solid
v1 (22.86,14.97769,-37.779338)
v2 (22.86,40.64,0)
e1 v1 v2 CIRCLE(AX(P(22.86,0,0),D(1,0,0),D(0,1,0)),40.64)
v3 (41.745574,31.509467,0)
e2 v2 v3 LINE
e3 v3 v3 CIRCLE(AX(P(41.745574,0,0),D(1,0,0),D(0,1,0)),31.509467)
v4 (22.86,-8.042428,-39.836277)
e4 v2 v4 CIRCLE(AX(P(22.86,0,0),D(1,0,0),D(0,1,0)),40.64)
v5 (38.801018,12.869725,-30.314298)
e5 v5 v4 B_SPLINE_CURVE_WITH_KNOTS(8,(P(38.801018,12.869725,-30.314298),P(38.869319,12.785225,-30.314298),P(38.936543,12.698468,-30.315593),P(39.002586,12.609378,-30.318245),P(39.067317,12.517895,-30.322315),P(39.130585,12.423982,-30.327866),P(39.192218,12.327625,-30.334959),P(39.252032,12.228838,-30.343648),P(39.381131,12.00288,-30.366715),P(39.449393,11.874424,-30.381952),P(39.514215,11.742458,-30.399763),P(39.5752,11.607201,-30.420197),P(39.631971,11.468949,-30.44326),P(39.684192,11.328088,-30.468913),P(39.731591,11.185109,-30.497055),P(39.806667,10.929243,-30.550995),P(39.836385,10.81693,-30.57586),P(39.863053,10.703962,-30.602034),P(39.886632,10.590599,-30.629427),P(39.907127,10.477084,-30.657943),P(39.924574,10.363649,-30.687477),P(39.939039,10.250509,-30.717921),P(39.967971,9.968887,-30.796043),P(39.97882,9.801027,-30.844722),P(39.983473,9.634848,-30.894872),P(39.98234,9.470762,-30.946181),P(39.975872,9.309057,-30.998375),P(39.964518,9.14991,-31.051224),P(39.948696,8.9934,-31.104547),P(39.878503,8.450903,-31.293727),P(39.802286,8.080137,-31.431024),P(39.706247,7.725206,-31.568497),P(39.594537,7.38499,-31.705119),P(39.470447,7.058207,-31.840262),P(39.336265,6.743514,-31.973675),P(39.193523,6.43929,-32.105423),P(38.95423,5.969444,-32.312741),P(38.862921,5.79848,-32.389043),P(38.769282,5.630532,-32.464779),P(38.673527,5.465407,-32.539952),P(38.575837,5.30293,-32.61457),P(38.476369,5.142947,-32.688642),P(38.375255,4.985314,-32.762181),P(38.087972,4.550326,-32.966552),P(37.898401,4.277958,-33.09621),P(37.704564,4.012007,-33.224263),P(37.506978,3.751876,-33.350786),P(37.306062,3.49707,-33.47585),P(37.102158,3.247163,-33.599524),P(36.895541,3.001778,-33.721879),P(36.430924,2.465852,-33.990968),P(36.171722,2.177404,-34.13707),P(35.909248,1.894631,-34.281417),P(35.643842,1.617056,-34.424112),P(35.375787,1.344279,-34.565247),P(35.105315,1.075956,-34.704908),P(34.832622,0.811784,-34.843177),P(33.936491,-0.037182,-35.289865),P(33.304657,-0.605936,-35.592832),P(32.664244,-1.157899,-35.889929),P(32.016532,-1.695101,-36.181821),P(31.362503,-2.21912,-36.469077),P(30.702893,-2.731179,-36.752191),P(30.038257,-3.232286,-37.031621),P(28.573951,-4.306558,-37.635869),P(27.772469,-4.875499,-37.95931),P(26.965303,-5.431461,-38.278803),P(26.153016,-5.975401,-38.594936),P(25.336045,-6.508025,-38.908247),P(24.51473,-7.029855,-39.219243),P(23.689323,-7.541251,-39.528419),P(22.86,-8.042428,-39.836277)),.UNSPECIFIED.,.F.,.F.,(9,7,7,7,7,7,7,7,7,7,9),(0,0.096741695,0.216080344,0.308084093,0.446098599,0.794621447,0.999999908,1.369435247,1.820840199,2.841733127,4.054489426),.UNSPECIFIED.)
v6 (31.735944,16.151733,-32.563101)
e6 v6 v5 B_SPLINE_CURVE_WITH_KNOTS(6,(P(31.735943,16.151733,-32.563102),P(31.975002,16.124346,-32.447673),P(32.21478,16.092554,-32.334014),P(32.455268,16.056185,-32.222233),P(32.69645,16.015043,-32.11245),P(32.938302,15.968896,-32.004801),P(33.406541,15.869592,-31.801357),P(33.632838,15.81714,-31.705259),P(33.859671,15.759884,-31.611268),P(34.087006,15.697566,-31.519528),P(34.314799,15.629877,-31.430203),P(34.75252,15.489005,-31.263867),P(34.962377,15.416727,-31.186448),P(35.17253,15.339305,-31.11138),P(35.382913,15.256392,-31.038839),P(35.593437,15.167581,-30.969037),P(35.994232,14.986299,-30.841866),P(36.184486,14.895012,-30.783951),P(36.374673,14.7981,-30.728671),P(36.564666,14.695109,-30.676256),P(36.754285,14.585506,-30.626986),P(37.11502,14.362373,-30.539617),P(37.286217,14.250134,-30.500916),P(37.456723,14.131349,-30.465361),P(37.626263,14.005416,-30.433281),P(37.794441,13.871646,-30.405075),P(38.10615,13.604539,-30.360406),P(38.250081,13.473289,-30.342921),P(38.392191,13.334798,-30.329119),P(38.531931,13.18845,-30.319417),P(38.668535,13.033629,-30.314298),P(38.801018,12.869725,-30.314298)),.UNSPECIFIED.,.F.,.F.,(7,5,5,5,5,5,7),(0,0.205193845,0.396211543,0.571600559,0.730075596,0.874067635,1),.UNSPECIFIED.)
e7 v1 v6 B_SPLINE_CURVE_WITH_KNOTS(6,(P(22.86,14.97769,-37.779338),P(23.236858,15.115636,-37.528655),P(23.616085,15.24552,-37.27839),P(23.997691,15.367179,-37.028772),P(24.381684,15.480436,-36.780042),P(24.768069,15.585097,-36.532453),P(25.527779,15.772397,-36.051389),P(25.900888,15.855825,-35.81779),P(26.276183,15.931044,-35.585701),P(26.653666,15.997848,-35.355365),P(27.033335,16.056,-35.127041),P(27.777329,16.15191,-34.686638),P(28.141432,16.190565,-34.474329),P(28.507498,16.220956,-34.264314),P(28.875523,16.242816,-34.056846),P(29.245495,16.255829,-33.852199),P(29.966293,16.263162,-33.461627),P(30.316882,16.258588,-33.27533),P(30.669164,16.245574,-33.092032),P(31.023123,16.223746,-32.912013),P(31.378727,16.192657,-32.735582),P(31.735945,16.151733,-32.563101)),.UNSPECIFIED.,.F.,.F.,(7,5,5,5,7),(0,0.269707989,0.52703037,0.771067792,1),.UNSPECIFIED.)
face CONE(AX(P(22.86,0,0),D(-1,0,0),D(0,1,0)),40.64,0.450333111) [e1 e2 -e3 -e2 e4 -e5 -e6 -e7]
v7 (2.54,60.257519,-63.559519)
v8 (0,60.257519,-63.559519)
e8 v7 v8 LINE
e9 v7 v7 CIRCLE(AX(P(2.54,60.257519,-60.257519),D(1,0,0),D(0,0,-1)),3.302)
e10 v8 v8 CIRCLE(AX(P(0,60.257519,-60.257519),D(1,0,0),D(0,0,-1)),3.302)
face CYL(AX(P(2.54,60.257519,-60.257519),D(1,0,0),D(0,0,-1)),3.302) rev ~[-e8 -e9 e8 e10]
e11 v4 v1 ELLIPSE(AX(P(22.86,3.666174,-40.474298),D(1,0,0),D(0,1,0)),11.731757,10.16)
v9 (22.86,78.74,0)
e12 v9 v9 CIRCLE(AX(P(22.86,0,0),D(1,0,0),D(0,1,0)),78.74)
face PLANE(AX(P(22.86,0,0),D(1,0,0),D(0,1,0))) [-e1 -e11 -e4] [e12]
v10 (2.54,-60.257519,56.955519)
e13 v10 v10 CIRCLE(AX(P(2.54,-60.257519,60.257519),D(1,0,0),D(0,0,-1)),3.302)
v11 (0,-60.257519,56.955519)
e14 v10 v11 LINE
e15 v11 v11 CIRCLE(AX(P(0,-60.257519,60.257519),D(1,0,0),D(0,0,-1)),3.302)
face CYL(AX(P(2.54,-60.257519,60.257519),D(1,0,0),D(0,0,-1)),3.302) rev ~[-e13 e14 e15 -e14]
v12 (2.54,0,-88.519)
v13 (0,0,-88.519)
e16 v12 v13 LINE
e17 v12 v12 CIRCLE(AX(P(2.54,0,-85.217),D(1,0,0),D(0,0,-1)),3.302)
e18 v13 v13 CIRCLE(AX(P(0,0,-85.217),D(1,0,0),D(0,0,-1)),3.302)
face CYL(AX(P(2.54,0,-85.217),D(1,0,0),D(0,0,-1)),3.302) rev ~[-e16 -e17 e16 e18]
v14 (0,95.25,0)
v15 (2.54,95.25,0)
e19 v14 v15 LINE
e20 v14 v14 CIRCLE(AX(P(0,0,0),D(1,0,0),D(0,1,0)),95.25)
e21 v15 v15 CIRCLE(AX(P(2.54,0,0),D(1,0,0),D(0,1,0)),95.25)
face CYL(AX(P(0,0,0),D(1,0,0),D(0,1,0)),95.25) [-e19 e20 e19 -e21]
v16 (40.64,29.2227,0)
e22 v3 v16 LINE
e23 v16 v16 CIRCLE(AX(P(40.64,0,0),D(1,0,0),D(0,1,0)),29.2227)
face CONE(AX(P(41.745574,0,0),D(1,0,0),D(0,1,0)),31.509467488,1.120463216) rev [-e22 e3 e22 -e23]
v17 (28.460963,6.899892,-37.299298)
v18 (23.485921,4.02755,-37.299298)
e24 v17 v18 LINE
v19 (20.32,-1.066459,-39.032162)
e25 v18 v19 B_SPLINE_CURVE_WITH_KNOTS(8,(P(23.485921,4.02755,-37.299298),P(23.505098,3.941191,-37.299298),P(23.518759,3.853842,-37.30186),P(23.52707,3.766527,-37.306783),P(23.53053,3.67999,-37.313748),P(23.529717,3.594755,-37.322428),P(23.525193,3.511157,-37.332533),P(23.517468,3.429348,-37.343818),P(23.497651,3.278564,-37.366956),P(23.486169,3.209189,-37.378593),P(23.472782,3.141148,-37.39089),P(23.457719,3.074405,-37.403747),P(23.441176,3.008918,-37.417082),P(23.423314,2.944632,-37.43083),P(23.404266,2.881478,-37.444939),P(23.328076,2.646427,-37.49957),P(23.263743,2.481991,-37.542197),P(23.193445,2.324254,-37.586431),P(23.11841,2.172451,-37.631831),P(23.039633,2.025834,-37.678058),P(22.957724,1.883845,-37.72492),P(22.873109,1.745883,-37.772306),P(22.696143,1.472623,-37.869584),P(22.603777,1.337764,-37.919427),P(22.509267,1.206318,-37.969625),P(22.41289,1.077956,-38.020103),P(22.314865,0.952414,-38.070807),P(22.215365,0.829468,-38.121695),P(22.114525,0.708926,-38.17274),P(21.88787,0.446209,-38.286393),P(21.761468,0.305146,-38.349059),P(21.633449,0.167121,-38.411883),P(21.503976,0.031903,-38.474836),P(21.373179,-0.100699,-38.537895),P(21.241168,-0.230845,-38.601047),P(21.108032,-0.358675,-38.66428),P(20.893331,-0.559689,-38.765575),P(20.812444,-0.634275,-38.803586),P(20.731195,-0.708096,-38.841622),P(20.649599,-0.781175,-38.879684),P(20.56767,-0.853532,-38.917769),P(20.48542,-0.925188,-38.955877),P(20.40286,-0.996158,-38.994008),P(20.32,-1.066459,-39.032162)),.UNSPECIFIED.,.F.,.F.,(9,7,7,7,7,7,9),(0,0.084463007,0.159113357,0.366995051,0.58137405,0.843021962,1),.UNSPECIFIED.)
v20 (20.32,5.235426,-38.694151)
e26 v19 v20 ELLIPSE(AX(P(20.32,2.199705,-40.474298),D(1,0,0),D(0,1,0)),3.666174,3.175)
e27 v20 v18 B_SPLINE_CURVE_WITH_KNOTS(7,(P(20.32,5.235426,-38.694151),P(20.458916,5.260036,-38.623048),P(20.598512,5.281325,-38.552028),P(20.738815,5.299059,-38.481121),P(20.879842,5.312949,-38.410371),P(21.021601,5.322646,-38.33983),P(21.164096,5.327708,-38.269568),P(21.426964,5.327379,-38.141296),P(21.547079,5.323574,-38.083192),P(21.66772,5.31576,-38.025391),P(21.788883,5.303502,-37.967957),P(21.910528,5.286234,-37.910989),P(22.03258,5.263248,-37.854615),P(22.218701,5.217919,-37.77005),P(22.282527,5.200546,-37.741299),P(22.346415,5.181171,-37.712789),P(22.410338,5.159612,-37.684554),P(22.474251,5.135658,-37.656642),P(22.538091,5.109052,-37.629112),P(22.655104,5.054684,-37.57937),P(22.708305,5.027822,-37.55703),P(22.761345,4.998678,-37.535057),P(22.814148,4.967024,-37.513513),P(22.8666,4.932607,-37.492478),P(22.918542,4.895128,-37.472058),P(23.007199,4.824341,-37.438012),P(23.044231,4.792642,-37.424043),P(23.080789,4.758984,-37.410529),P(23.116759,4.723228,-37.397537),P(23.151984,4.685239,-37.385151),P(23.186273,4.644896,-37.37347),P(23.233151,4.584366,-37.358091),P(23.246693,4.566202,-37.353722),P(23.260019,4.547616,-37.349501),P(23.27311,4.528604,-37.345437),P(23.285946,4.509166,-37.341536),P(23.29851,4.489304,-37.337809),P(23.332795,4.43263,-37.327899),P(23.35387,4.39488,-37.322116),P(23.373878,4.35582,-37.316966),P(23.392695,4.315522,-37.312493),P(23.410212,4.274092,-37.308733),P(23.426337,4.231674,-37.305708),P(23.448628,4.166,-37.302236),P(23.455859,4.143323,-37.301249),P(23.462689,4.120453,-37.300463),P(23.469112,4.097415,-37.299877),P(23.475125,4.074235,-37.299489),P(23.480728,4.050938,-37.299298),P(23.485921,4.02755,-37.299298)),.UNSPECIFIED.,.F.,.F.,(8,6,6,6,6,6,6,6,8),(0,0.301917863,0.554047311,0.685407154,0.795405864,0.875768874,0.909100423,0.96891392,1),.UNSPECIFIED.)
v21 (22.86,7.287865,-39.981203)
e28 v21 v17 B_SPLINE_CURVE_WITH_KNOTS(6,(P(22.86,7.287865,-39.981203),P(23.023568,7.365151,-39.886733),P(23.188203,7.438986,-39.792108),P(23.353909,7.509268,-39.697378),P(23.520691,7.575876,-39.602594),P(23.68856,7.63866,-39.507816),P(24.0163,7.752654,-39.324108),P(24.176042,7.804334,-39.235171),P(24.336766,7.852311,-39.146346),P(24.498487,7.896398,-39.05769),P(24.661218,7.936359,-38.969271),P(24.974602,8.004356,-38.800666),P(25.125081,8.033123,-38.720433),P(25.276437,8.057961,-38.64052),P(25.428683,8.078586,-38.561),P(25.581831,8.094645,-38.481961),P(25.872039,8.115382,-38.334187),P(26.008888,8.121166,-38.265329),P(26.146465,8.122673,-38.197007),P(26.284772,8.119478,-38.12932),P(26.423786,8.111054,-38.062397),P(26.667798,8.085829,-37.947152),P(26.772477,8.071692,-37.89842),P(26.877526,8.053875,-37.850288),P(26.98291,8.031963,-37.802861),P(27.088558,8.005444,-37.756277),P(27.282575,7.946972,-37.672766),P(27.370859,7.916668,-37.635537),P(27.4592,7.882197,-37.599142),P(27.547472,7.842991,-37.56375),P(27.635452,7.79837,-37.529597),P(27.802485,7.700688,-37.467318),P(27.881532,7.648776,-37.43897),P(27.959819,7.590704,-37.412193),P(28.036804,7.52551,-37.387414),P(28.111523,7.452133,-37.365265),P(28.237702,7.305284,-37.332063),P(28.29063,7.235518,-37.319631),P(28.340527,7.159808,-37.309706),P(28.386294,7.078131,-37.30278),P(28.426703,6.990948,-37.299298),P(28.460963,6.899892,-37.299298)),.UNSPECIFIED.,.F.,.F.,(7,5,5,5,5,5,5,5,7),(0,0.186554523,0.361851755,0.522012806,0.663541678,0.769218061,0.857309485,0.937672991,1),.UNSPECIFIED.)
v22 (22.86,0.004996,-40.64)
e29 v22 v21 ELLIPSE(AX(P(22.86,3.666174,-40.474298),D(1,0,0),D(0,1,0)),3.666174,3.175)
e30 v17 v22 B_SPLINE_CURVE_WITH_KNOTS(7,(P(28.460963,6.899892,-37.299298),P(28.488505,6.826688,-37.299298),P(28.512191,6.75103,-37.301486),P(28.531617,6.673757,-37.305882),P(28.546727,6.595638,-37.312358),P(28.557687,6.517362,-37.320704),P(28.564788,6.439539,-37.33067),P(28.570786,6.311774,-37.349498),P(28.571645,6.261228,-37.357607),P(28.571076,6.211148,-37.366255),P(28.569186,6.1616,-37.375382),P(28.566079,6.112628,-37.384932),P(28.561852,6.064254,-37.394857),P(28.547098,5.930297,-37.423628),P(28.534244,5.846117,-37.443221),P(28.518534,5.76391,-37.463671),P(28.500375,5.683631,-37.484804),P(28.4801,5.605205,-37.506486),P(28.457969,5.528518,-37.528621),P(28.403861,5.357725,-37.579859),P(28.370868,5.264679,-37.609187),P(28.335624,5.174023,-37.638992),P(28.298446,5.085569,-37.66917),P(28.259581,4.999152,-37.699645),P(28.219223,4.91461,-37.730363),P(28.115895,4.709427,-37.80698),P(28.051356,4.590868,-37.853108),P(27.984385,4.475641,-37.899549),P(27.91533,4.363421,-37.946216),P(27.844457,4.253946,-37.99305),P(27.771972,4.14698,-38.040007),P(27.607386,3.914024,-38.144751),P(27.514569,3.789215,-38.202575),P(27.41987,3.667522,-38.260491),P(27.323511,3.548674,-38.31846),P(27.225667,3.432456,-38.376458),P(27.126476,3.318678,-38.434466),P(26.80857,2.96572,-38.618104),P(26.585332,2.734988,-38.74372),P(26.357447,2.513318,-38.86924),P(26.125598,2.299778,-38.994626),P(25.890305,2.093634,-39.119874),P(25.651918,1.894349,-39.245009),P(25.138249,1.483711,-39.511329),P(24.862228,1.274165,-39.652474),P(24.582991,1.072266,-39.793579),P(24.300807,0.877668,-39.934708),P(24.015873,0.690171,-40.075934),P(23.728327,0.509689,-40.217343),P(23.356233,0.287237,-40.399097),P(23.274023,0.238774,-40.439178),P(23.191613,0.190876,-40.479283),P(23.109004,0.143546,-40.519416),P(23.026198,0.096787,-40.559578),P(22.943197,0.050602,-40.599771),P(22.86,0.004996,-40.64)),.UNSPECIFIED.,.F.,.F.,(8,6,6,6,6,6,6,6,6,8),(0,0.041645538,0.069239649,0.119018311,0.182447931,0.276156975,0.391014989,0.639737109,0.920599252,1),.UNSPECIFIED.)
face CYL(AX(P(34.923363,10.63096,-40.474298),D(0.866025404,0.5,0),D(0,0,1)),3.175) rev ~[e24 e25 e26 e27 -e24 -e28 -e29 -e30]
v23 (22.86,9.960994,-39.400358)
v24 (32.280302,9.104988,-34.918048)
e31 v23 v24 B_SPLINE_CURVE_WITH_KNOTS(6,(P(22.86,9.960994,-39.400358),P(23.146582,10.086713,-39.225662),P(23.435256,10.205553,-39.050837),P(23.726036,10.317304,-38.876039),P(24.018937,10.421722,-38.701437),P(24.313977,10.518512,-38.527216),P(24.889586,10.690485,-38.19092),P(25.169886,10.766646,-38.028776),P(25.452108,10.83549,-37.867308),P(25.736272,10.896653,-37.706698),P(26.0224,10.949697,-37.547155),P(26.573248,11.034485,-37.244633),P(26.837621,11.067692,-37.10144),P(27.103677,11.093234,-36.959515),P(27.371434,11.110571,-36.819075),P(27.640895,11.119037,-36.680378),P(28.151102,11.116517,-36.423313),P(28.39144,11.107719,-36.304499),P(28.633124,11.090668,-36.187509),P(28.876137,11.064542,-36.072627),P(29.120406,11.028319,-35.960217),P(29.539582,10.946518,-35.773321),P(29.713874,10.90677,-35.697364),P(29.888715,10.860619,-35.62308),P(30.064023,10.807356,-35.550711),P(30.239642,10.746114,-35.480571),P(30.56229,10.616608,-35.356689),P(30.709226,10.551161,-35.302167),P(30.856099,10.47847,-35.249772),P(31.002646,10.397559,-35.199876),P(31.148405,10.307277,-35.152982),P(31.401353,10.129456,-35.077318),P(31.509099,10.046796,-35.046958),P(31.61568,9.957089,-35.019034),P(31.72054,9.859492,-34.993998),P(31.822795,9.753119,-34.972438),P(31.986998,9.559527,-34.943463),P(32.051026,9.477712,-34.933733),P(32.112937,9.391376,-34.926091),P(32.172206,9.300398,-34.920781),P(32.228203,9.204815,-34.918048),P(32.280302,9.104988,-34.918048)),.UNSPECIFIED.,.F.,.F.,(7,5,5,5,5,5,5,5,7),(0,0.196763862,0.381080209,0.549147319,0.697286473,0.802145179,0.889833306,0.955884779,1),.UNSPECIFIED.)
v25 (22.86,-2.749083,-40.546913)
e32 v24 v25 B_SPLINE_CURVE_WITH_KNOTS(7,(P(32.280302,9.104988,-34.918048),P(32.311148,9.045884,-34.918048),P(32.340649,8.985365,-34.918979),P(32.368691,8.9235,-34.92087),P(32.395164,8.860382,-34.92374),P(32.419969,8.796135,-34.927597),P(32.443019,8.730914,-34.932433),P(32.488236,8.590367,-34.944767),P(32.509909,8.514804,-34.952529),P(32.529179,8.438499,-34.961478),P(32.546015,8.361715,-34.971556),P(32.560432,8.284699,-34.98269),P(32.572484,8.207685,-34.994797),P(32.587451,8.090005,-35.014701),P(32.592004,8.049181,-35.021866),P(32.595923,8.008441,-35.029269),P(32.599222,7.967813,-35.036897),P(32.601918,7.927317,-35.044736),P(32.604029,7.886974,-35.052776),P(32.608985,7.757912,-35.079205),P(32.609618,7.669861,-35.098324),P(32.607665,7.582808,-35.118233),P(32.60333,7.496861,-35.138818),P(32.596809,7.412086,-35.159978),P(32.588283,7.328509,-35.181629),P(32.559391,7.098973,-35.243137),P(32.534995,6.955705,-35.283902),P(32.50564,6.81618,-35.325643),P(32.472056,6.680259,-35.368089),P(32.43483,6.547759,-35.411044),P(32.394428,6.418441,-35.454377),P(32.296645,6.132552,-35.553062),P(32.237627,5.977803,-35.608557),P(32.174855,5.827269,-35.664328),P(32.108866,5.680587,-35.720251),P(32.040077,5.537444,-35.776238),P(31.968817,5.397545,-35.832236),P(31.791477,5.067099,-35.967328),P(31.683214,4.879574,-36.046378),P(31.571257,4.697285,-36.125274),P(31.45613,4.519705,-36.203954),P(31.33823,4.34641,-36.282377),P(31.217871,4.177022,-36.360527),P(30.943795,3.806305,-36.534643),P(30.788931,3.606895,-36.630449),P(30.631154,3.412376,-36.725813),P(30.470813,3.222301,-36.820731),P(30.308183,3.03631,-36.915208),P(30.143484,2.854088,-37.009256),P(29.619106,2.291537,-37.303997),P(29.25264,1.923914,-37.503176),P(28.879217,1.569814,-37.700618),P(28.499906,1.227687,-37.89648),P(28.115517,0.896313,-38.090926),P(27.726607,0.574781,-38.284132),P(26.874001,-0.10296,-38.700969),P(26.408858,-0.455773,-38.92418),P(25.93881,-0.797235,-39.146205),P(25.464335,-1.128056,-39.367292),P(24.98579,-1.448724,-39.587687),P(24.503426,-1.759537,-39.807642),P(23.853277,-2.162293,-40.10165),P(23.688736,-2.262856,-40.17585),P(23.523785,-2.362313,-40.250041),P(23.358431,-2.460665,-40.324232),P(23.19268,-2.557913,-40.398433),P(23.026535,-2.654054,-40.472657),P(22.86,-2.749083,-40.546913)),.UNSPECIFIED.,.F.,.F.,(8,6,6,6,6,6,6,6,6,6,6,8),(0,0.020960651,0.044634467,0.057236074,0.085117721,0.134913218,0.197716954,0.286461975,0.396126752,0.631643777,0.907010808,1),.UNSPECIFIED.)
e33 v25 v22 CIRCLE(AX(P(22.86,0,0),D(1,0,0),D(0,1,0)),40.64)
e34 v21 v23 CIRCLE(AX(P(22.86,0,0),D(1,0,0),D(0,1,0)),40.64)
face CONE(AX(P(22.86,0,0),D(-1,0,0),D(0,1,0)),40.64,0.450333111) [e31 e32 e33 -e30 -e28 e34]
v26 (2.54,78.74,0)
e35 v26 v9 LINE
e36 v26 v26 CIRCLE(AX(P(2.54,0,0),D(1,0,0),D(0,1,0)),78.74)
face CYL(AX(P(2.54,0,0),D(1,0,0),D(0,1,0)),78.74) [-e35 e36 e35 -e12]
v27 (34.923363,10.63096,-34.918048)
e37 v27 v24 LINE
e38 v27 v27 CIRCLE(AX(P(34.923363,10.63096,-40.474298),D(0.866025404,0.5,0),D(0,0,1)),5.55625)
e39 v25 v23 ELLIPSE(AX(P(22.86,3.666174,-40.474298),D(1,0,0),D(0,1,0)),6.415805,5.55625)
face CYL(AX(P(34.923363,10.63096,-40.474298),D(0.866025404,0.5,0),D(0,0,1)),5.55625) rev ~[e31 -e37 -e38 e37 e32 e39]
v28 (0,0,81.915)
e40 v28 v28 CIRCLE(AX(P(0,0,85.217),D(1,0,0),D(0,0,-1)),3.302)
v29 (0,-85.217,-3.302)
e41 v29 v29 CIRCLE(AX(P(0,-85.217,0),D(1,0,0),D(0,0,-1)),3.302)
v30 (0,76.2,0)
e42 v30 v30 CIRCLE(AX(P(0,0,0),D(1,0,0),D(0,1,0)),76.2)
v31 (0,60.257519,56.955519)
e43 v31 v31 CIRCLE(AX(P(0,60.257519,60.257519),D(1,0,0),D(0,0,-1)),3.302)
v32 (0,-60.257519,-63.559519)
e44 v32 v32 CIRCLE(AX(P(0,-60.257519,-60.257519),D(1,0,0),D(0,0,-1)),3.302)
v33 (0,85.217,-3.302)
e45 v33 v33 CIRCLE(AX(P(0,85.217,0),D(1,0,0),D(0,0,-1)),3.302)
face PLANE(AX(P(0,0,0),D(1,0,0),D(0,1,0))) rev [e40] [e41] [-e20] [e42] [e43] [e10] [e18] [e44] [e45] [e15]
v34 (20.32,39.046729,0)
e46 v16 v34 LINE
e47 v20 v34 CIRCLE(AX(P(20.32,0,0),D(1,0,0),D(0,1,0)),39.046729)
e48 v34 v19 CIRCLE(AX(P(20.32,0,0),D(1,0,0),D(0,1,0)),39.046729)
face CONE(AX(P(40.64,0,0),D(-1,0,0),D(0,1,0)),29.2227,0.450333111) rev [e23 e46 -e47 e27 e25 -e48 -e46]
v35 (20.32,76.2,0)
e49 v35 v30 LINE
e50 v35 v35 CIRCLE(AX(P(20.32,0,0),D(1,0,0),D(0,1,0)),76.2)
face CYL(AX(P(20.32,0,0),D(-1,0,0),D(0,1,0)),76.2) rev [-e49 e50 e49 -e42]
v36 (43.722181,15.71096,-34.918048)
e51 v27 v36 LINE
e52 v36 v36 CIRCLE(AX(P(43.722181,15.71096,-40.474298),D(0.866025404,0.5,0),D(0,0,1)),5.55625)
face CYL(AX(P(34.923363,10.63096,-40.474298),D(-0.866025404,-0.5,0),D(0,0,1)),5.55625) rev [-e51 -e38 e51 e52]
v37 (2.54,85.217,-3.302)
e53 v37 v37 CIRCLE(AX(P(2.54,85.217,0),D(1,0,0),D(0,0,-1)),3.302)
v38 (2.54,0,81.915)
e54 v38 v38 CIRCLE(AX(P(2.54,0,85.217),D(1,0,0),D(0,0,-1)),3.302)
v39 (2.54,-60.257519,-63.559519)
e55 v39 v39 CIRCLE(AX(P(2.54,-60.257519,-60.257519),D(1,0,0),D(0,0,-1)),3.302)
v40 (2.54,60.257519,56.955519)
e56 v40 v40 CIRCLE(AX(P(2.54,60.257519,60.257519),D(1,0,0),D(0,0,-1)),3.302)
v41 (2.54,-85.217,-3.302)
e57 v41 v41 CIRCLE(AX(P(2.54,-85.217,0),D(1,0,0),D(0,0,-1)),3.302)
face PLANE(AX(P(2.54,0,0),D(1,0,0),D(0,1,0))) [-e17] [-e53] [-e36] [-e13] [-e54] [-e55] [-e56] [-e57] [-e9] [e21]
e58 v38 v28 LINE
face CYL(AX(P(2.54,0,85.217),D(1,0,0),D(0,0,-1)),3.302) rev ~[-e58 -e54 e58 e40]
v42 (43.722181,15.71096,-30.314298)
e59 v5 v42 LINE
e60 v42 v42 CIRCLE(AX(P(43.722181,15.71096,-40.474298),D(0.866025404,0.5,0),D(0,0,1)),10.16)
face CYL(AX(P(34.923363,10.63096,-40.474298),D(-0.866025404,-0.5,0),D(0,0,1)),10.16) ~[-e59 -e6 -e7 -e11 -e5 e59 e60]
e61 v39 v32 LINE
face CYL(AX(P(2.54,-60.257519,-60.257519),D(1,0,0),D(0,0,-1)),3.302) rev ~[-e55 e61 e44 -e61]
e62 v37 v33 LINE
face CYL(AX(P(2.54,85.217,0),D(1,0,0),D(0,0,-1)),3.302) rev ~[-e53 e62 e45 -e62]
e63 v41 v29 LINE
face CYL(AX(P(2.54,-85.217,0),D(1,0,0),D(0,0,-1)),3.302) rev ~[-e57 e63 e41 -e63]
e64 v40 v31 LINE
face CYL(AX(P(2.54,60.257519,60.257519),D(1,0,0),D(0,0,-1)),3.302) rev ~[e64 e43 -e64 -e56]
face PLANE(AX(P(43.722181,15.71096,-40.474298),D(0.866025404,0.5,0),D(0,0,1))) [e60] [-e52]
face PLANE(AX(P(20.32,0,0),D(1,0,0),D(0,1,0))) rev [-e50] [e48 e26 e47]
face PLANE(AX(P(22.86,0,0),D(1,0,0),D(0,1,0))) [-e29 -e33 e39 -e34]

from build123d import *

# Parameters (mm, degrees)
SKETCH2_R                       = 3.302
CUT_EXTRUDE1_DEPTH              = 2.54
BOSS_EXTRUDE1_REACH             = 85.185
SKETCH3_R                       = 10.16
SKETCH3_R_2                     = 5.55625
BOSS_EXTRUDE1_DIRECTION_2_DEPTH = 10.16
CUT_EXTRUDE2_REACH              = 85.185
SKETCH3_7_R                     = 3.175


with BuildPart() as part:
    # Sketch1 → Revolve1 (revolve)
    with BuildSketch(Plane.XY):
        Polygon((0, 95.25), (2.54, 95.25), (2.54, 78.74), (22.86, 78.74), (22.86, 40.64), (41.745574265, 31.509467488), (40.64, 29.2227), (20.32, 39.046728544), (20.32, 76.2), (0, 76.2), align=None)
    revolve(axis=Axis((0, 0, 0), (1, 0, 0)))

    # Sketch2 → Cut-Extrude1 (cut)
    with BuildSketch(Plane(origin=(2.54, 0, 0), x_dir=(0, 0, -1), z_dir=(1, 0, 0))):
        with Locations((0, 85.217)):
            Circle(SKETCH2_R)
        with Locations((60.257518572, 60.257518572)):
            Circle(SKETCH2_R)
        with Locations((85.217, 0)):
            Circle(SKETCH2_R)
        with Locations((60.257518572, -60.257518572)):
            Circle(SKETCH2_R)
        with Locations((0, -85.217)):
            Circle(SKETCH2_R)
        with Locations((-60.257518572, -60.257518572)):
            Circle(SKETCH2_R)
        with Locations((-85.217, 0)):
            Circle(SKETCH2_R)
        with Locations((-60.257518572, 60.257518572)):
            Circle(SKETCH2_R)
    extrude(amount=-CUT_EXTRUDE1_DEPTH, mode=Mode.SUBTRACT)

    # Sketch3 → Boss-Extrude1 (add, up to next)
    with BuildSketch(Plane(origin=(30.795863359, 17.78, 0), x_dir=(0, 0, 1), z_dir=(0.866025404, 0.5, 0)), mode=Mode.PRIVATE) as boss_extrude1_sk1:
        with Locations((-40.474297606, 8.255)):
            Circle(SKETCH3_R)
        with Locations((-40.474297606, 8.255)):
            Circle(SKETCH3_R_2, mode=Mode.SUBTRACT)
    boss_extrude1_tool1 = extrude(boss_extrude1_sk1.sketch, amount=-BOSS_EXTRUDE1_REACH, mode=Mode.PRIVATE) - part.part
    add(boss_extrude1_tool1.solids().sort_by_distance((34.923363, 10.63096, -50.346929))[0])

    # Sketch3 → Boss-Extrude1 direction 2 (add)
    with BuildSketch(Plane(origin=(30.795863359, 17.78, 0), x_dir=(0, 0, 1), z_dir=(0.866025404, 0.5, 0))):
        with Locations((-40.474297606, 8.255)):
            Circle(SKETCH3_R)
        with Locations((-40.474297606, 8.255)):
            Circle(SKETCH3_R_2, mode=Mode.SUBTRACT)
    extrude(amount=BOSS_EXTRUDE1_DIRECTION_2_DEPTH)

    # Sketch3_7 → Cut-Extrude2 (cut, up to next)
    with BuildSketch(Plane(origin=(30.795863359, 17.78, 0), x_dir=(0, 0, 1), z_dir=(0.866025404, 0.5, 0)), mode=Mode.PRIVATE) as cut_extrude2_sk1:
        with Locations((-40.474297606, 8.255)):
            Circle(SKETCH3_7_R)
    cut_extrude2_tool1 = extrude(cut_extrude2_sk1.sketch, amount=-CUT_EXTRUDE2_REACH, mode=Mode.PRIVATE) & part.part
    add(cut_extrude2_tool1.solids().sort_by_distance((34.923363, 10.63096, -40.474298))[0], mode=Mode.SUBTRACT)


solid = part.part
